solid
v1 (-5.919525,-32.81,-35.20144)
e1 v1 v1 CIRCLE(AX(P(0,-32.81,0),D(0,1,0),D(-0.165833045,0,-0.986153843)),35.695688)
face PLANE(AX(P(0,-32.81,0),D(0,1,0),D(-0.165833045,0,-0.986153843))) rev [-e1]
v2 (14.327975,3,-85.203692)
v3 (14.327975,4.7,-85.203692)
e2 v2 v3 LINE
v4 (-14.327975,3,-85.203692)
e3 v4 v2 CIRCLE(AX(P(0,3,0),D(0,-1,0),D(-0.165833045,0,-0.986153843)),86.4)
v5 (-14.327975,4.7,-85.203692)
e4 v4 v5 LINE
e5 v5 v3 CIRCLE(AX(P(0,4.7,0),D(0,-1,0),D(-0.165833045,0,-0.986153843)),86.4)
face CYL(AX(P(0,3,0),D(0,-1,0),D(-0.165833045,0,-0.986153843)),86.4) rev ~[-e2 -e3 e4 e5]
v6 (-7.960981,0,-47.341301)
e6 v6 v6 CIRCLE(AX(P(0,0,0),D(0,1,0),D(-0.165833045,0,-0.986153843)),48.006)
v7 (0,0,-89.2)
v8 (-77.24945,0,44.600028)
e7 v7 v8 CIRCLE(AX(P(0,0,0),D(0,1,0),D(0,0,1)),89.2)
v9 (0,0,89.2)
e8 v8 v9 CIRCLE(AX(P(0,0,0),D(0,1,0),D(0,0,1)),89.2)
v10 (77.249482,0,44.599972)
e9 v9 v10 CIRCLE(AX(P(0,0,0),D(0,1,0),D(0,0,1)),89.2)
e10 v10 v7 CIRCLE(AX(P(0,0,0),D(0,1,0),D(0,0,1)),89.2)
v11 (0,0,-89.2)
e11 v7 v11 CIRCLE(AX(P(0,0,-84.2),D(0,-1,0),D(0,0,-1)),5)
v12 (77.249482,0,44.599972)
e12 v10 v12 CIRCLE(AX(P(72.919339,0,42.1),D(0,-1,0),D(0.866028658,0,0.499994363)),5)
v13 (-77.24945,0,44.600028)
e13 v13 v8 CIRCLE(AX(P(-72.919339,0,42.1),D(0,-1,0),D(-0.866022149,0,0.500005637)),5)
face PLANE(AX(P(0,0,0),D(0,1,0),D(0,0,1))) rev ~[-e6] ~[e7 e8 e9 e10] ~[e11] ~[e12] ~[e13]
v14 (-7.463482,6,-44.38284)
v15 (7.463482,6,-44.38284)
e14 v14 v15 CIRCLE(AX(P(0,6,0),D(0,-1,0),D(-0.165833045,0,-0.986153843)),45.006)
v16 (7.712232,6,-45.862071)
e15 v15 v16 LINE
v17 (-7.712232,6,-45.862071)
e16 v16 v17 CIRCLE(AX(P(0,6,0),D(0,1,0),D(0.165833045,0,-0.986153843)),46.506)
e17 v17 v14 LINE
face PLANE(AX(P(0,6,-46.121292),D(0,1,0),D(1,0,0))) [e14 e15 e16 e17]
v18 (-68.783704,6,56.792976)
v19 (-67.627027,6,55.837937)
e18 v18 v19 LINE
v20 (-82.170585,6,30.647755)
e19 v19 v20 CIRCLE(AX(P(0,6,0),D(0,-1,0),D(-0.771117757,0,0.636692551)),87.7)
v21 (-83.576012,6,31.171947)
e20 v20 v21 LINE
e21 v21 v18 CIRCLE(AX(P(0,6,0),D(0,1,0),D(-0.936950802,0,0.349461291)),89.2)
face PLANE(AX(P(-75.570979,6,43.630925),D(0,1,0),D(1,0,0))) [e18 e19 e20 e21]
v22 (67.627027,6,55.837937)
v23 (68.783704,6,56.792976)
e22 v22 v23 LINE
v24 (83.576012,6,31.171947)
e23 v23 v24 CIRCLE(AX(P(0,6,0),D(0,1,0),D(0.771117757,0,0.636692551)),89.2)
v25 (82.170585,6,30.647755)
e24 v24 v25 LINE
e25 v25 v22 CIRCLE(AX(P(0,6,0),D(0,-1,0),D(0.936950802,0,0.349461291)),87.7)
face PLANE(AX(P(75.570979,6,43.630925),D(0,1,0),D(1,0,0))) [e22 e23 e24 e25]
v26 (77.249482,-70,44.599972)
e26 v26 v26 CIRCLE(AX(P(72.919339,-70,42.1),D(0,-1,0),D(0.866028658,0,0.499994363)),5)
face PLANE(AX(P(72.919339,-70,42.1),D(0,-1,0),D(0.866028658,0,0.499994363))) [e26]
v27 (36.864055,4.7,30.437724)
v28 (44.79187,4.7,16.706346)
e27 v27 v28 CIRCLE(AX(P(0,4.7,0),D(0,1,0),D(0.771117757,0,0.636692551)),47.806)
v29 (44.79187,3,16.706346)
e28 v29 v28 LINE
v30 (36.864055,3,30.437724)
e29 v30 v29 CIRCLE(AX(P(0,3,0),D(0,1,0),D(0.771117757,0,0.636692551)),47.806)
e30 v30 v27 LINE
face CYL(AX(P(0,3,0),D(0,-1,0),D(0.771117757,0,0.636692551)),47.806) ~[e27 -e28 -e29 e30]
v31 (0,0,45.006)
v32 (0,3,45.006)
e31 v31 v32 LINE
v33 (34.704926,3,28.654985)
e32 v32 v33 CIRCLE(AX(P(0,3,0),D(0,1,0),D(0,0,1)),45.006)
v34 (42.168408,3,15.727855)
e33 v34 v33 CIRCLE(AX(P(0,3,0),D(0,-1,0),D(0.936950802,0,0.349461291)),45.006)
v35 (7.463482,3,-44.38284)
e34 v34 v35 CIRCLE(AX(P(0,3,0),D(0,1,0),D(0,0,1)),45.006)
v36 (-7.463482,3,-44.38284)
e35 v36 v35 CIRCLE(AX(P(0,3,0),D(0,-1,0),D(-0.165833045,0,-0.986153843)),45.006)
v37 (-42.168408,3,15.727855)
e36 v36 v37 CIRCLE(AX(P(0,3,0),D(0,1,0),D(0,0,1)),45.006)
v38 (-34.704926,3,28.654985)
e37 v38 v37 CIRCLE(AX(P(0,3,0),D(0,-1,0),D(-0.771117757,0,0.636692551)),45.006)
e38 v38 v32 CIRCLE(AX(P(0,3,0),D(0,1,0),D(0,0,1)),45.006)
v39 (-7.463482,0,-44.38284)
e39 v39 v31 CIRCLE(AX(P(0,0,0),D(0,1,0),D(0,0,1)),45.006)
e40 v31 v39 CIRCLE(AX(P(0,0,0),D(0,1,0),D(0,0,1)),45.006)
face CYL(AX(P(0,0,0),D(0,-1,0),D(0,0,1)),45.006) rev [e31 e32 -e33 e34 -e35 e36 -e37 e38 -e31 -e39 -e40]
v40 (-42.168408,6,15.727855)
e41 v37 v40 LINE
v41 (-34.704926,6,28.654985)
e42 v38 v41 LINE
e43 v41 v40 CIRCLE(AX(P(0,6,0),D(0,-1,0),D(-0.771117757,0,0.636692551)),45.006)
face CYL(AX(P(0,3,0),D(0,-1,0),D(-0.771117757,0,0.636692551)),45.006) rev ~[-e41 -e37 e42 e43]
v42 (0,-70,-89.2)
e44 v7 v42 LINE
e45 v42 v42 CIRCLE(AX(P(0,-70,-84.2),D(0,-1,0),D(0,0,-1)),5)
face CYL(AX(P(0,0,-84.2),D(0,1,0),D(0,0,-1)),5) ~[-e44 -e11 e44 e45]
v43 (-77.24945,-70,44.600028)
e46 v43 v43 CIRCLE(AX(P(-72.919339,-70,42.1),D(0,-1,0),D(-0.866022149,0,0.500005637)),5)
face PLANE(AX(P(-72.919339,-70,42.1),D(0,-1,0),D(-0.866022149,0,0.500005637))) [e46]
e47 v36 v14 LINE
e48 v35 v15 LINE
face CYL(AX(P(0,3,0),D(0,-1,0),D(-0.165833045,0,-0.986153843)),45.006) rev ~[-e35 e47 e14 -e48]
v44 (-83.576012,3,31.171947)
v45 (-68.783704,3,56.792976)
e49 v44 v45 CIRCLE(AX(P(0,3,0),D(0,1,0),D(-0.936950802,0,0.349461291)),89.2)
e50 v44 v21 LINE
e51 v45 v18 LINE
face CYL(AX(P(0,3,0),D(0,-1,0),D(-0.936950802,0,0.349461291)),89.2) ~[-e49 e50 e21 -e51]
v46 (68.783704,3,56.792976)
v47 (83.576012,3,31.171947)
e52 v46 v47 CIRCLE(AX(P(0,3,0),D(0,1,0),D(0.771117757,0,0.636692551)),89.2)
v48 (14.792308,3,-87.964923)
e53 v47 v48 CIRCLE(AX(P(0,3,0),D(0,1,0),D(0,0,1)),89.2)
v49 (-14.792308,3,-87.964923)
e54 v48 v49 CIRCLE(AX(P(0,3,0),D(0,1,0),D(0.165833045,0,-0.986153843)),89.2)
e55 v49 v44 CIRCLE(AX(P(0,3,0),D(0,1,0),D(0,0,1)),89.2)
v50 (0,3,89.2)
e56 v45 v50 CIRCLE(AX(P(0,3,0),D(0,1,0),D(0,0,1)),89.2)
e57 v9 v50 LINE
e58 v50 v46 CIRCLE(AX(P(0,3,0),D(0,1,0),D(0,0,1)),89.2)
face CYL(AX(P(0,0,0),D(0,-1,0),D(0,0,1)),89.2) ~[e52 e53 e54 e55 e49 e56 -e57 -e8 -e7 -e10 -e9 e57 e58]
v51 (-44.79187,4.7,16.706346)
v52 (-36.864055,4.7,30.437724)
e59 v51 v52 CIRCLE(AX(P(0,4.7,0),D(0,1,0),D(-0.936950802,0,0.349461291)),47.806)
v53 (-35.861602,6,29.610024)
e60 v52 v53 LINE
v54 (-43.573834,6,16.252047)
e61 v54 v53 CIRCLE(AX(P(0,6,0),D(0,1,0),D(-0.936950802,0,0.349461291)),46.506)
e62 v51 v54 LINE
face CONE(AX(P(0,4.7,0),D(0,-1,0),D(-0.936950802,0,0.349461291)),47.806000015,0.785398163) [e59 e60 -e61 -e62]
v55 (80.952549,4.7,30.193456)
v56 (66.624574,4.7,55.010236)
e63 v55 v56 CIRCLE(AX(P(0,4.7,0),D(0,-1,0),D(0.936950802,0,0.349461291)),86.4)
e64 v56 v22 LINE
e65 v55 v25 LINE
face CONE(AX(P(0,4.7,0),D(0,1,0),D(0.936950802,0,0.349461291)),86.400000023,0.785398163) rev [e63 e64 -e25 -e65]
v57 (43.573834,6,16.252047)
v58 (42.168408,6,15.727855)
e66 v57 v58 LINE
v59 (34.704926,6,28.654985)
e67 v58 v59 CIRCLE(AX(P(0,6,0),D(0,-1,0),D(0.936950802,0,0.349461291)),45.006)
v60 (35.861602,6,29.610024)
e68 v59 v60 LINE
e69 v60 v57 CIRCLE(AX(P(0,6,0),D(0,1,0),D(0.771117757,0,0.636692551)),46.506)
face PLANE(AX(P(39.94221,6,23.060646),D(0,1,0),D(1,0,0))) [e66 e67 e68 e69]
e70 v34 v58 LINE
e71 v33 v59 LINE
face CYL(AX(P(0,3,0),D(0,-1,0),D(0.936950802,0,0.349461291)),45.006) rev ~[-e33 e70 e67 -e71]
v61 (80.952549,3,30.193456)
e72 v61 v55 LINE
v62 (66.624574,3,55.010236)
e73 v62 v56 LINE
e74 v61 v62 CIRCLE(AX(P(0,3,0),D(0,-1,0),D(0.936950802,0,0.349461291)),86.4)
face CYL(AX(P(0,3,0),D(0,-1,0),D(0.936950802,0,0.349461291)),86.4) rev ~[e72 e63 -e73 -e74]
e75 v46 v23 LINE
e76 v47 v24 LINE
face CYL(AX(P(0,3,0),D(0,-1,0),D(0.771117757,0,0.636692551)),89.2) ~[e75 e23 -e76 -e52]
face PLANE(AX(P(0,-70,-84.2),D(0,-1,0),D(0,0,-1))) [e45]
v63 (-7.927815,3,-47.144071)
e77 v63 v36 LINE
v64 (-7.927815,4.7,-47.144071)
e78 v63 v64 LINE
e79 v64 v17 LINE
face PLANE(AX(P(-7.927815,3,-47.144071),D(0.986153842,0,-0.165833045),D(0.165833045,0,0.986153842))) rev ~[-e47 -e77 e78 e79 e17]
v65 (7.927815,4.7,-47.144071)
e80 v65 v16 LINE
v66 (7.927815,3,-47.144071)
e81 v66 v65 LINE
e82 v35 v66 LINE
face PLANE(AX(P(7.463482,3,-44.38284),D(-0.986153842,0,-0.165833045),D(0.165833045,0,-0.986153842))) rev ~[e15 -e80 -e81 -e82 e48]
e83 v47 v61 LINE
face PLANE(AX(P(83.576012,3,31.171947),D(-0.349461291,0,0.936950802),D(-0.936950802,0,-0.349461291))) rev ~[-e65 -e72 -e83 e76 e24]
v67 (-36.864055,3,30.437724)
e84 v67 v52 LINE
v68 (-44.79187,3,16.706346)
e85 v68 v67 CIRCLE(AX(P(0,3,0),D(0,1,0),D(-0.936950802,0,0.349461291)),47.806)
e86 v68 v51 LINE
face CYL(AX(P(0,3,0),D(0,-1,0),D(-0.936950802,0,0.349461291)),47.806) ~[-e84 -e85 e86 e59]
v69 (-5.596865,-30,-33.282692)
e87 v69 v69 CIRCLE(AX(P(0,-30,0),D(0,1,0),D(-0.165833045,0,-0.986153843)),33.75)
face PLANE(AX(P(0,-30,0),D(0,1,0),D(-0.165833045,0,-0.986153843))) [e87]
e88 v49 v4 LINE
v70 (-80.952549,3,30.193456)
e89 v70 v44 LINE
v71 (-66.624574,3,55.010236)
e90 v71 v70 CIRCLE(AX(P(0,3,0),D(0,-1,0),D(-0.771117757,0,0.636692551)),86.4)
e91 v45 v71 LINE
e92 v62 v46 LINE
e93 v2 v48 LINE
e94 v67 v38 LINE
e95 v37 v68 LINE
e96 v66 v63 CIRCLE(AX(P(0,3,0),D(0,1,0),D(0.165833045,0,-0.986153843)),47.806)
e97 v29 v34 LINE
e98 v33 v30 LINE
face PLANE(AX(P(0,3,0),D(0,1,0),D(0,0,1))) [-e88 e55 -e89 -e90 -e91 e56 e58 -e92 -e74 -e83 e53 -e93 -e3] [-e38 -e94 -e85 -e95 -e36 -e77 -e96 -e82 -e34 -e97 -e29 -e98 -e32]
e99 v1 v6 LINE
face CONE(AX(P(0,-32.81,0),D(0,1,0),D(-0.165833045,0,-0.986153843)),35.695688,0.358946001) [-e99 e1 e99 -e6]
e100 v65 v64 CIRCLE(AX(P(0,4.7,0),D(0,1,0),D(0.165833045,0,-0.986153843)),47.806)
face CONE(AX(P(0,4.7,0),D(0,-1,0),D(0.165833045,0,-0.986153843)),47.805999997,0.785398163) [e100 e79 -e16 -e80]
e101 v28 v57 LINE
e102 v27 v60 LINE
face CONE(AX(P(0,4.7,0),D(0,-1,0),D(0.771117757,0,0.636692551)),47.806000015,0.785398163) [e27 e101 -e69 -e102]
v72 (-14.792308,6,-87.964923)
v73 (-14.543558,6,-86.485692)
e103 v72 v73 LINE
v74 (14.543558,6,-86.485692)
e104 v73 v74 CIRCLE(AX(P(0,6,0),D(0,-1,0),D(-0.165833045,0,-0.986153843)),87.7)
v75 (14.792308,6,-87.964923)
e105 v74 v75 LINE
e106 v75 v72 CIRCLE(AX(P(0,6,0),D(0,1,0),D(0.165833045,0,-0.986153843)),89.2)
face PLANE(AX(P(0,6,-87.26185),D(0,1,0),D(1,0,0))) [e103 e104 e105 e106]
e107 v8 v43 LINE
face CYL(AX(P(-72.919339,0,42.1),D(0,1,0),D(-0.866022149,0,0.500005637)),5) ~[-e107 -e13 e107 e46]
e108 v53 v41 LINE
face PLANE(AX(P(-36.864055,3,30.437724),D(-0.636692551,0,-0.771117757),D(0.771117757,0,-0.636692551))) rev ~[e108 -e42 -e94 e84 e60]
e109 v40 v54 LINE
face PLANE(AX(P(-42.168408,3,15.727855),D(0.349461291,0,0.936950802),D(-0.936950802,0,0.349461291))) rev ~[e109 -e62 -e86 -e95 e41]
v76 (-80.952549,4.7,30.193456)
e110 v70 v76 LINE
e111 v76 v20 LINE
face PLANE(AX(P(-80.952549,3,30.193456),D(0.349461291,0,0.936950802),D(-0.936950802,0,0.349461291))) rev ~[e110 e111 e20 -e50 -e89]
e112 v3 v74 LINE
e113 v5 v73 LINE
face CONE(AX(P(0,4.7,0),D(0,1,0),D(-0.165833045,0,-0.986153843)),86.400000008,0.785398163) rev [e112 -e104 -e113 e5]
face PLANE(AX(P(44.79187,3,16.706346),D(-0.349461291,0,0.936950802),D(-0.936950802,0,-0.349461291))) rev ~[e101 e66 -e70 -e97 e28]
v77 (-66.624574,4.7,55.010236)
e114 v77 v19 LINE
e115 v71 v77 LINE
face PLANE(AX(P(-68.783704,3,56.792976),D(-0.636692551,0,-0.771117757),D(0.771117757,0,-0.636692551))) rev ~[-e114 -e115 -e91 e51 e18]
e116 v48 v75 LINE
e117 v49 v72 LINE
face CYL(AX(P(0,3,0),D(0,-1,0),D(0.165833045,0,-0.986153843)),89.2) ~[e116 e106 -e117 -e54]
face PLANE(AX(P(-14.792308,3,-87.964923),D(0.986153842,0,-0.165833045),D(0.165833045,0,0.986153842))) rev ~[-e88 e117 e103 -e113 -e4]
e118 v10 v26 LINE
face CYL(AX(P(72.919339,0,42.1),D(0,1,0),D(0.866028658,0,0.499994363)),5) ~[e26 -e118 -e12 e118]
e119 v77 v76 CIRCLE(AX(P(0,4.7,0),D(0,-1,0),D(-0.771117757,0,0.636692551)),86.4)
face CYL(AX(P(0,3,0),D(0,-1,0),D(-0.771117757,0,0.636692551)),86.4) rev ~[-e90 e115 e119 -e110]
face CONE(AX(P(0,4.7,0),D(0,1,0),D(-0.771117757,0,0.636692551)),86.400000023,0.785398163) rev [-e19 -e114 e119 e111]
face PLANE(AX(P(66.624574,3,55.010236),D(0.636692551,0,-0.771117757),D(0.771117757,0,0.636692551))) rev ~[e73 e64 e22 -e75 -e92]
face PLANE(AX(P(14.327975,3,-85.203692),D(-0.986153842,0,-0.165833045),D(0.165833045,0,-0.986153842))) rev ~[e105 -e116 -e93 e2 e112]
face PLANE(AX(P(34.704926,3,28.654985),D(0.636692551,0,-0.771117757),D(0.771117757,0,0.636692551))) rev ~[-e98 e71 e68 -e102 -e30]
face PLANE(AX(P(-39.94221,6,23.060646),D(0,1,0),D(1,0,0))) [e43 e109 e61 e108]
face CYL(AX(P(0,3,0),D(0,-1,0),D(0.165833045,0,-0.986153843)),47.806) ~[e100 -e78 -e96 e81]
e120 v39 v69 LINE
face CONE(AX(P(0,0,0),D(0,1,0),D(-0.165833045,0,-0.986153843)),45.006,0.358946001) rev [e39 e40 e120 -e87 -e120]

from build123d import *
from build123d.topology import SkipClean

# Parameters (mm, degrees)
SKETCH2_R           = 89.2
SKETCH2_R_2         = 45.006
BOSS_EXTRUDE1_DEPTH = 3
BOSS_EXTRUDE2_DEPTH = 3
CHAMFER1_SIZE       = 1.3
SKETCH4_R           = 5
BOSS_EXTRUDE3_DEPTH = 70


with BuildPart() as part:
    # Sketch2 → Boss-Extrude1 (new body)
    with BuildSketch(Plane(origin=(0, 0, 0), x_dir=(1, 0, 0), z_dir=(0, 1, 0))):
        with Locations(Location((0, 0, 0), (0, 0, 270))):
            Circle(SKETCH2_R)
        with Locations(Location((0, 0, 0), (0, 0, 270))):
            Circle(SKETCH2_R_2, mode=Mode.SUBTRACT)
    extrude(amount=BOSS_EXTRUDE1_DEPTH)

    # Sketch3 → Boss-Extrude2 (add)
    with SkipClean():  # the faces are left unmerged after this step: merging them gives an invalid solid
        with BuildSketch(Plane(origin=(0, 3, 0), x_dir=(1, 0, 0), z_dir=(0, 1, 0))):
            with BuildLine():
                ThreePointArc((-66.624574207, -55.010236427), (-74.824594887, -43.2), (-80.952549318, -30.193455566))
                Line((-80.952549318, -30.193455566), (-83.576011564, -31.171947181))
                ThreePointArc((-83.576011564, -31.171947181), (-77.249466018, -44.6), (-68.783703926, -56.792975571))
                Line((-68.783703926, -56.792975571), (-66.624574207, -55.010236427))
            make_face()
            with BuildLine():
                Line((-36.864055492, -30.437724105), (-34.704925772, -28.654984961))
                ThreePointArc((-34.704925772, -28.654984961), (-38.976339323, -22.503), (-42.168407808, -15.727854875))
                Line((-42.168407808, -15.727854875), (-44.791870054, -16.70634649))
                ThreePointArc((-44.791870054, -16.70634649), (-41.401210453, -23.903), (-36.864055492, -30.437724105))
            make_face()
            with BuildLine():
                ThreePointArc((42.168407808, -15.727854875), (38.976339323, -22.503), (34.704925772, -28.654984961))
                Line((34.704925772, -28.654984961), (36.864055492, -30.437724105))
                ThreePointArc((36.864055492, -30.437724105), (41.401210453, -23.903), (44.791870054, -16.70634649))
                Line((44.791870054, -16.70634649), (42.168407808, -15.727854875))
            make_face()
            with BuildLine():
                Line((66.624574207, -55.010236427), (68.783703926, -56.792975571))
                ThreePointArc((68.783703926, -56.792975571), (77.249466018, -44.6), (83.576011564, -31.171947181))
                Line((83.576011564, -31.171947181), (80.952549318, -30.193455566))
                ThreePointArc((80.952549318, -30.193455566), (74.824594887, -43.2), (66.624574207, -55.010236427))
            make_face()
            with BuildLine():
                ThreePointArc((14.792307638, 87.964922752), (0, 89.2), (-14.792307638, 87.964922752))
                Line((-14.792307638, 87.964922752), (-14.327975111, 85.203691993))
                ThreePointArc((-14.327975111, 85.203691993), (0, 86.4), (14.327975111, 85.203691993))
                Line((14.327975111, 85.203691993), (14.792307638, 87.964922752))
            make_face()
            with BuildLine():
                Line((-7.927814562, 47.144070595), (-7.463482035, 44.382839836))
                ThreePointArc((-7.463482035, 44.382839836), (0, 45.006), (7.463482035, 44.382839836))
                Line((7.463482035, 44.382839836), (7.927814562, 47.144070595))
                ThreePointArc((7.927814562, 47.144070595), (0, 47.806), (-7.927814562, 47.144070595))
            make_face()
        extrude(amount=BOSS_EXTRUDE2_DEPTH)

    # Chamfer1
    chamfer1_edges = [part.edges().sort_by_distance(p)[0] for p in [
        (-74.824594887, 6, 43.2),
        (0, 6, -47.806),
        (-41.401210453, 6, 23.903),
        (41.401210453, 6, 23.903),
        (74.824594887, 6, 43.2),
        (0, 6, -86.4),
    ]]
    chamfer(chamfer1_edges, length=CHAMFER1_SIZE)

    # Sketch4 → Boss-Extrude3 (add)
    with SkipClean():  # the faces are left unmerged after this step: merging them gives an invalid solid
        with BuildSketch(Plane.XZ):
            with Locations(Location((-72.919338999, 42.1, 0), (0, 0, 149.999627059))):
                Circle(SKETCH4_R)
            with Locations(Location((72.919338999, 42.1, 0), (0, 0, 29.999627059))):
                Circle(SKETCH4_R)
            with Locations(Location((0, -84.2, 0), (0, 0, 270))):
                Circle(SKETCH4_R)
        extrude(amount=BOSS_EXTRUDE3_DEPTH)

    # Sketch7 → Revolve1 (revolve)
    with SkipClean():  # the faces are left unmerged after this step: merging them gives an invalid solid
        with BuildSketch(Plane(origin=(0, 0, 0), x_dir=(0, 0, -1), z_dir=(1, 0, 0)), mode=Mode.PRIVATE) as revolve1_sk:
            Polygon((-48.006, 0), (-45.006, 0), (-33.75, -30), (0, -30), (0, -32.81), (-35.695688, -32.81), align=None)
        revolve(revolve1_sk.sketch.rotate(Axis((0, -30, 0), (0, 1, 0)), 189.545631171), axis=Axis((0, -30, 0), (0, 1, 0)))


solid = part.part
